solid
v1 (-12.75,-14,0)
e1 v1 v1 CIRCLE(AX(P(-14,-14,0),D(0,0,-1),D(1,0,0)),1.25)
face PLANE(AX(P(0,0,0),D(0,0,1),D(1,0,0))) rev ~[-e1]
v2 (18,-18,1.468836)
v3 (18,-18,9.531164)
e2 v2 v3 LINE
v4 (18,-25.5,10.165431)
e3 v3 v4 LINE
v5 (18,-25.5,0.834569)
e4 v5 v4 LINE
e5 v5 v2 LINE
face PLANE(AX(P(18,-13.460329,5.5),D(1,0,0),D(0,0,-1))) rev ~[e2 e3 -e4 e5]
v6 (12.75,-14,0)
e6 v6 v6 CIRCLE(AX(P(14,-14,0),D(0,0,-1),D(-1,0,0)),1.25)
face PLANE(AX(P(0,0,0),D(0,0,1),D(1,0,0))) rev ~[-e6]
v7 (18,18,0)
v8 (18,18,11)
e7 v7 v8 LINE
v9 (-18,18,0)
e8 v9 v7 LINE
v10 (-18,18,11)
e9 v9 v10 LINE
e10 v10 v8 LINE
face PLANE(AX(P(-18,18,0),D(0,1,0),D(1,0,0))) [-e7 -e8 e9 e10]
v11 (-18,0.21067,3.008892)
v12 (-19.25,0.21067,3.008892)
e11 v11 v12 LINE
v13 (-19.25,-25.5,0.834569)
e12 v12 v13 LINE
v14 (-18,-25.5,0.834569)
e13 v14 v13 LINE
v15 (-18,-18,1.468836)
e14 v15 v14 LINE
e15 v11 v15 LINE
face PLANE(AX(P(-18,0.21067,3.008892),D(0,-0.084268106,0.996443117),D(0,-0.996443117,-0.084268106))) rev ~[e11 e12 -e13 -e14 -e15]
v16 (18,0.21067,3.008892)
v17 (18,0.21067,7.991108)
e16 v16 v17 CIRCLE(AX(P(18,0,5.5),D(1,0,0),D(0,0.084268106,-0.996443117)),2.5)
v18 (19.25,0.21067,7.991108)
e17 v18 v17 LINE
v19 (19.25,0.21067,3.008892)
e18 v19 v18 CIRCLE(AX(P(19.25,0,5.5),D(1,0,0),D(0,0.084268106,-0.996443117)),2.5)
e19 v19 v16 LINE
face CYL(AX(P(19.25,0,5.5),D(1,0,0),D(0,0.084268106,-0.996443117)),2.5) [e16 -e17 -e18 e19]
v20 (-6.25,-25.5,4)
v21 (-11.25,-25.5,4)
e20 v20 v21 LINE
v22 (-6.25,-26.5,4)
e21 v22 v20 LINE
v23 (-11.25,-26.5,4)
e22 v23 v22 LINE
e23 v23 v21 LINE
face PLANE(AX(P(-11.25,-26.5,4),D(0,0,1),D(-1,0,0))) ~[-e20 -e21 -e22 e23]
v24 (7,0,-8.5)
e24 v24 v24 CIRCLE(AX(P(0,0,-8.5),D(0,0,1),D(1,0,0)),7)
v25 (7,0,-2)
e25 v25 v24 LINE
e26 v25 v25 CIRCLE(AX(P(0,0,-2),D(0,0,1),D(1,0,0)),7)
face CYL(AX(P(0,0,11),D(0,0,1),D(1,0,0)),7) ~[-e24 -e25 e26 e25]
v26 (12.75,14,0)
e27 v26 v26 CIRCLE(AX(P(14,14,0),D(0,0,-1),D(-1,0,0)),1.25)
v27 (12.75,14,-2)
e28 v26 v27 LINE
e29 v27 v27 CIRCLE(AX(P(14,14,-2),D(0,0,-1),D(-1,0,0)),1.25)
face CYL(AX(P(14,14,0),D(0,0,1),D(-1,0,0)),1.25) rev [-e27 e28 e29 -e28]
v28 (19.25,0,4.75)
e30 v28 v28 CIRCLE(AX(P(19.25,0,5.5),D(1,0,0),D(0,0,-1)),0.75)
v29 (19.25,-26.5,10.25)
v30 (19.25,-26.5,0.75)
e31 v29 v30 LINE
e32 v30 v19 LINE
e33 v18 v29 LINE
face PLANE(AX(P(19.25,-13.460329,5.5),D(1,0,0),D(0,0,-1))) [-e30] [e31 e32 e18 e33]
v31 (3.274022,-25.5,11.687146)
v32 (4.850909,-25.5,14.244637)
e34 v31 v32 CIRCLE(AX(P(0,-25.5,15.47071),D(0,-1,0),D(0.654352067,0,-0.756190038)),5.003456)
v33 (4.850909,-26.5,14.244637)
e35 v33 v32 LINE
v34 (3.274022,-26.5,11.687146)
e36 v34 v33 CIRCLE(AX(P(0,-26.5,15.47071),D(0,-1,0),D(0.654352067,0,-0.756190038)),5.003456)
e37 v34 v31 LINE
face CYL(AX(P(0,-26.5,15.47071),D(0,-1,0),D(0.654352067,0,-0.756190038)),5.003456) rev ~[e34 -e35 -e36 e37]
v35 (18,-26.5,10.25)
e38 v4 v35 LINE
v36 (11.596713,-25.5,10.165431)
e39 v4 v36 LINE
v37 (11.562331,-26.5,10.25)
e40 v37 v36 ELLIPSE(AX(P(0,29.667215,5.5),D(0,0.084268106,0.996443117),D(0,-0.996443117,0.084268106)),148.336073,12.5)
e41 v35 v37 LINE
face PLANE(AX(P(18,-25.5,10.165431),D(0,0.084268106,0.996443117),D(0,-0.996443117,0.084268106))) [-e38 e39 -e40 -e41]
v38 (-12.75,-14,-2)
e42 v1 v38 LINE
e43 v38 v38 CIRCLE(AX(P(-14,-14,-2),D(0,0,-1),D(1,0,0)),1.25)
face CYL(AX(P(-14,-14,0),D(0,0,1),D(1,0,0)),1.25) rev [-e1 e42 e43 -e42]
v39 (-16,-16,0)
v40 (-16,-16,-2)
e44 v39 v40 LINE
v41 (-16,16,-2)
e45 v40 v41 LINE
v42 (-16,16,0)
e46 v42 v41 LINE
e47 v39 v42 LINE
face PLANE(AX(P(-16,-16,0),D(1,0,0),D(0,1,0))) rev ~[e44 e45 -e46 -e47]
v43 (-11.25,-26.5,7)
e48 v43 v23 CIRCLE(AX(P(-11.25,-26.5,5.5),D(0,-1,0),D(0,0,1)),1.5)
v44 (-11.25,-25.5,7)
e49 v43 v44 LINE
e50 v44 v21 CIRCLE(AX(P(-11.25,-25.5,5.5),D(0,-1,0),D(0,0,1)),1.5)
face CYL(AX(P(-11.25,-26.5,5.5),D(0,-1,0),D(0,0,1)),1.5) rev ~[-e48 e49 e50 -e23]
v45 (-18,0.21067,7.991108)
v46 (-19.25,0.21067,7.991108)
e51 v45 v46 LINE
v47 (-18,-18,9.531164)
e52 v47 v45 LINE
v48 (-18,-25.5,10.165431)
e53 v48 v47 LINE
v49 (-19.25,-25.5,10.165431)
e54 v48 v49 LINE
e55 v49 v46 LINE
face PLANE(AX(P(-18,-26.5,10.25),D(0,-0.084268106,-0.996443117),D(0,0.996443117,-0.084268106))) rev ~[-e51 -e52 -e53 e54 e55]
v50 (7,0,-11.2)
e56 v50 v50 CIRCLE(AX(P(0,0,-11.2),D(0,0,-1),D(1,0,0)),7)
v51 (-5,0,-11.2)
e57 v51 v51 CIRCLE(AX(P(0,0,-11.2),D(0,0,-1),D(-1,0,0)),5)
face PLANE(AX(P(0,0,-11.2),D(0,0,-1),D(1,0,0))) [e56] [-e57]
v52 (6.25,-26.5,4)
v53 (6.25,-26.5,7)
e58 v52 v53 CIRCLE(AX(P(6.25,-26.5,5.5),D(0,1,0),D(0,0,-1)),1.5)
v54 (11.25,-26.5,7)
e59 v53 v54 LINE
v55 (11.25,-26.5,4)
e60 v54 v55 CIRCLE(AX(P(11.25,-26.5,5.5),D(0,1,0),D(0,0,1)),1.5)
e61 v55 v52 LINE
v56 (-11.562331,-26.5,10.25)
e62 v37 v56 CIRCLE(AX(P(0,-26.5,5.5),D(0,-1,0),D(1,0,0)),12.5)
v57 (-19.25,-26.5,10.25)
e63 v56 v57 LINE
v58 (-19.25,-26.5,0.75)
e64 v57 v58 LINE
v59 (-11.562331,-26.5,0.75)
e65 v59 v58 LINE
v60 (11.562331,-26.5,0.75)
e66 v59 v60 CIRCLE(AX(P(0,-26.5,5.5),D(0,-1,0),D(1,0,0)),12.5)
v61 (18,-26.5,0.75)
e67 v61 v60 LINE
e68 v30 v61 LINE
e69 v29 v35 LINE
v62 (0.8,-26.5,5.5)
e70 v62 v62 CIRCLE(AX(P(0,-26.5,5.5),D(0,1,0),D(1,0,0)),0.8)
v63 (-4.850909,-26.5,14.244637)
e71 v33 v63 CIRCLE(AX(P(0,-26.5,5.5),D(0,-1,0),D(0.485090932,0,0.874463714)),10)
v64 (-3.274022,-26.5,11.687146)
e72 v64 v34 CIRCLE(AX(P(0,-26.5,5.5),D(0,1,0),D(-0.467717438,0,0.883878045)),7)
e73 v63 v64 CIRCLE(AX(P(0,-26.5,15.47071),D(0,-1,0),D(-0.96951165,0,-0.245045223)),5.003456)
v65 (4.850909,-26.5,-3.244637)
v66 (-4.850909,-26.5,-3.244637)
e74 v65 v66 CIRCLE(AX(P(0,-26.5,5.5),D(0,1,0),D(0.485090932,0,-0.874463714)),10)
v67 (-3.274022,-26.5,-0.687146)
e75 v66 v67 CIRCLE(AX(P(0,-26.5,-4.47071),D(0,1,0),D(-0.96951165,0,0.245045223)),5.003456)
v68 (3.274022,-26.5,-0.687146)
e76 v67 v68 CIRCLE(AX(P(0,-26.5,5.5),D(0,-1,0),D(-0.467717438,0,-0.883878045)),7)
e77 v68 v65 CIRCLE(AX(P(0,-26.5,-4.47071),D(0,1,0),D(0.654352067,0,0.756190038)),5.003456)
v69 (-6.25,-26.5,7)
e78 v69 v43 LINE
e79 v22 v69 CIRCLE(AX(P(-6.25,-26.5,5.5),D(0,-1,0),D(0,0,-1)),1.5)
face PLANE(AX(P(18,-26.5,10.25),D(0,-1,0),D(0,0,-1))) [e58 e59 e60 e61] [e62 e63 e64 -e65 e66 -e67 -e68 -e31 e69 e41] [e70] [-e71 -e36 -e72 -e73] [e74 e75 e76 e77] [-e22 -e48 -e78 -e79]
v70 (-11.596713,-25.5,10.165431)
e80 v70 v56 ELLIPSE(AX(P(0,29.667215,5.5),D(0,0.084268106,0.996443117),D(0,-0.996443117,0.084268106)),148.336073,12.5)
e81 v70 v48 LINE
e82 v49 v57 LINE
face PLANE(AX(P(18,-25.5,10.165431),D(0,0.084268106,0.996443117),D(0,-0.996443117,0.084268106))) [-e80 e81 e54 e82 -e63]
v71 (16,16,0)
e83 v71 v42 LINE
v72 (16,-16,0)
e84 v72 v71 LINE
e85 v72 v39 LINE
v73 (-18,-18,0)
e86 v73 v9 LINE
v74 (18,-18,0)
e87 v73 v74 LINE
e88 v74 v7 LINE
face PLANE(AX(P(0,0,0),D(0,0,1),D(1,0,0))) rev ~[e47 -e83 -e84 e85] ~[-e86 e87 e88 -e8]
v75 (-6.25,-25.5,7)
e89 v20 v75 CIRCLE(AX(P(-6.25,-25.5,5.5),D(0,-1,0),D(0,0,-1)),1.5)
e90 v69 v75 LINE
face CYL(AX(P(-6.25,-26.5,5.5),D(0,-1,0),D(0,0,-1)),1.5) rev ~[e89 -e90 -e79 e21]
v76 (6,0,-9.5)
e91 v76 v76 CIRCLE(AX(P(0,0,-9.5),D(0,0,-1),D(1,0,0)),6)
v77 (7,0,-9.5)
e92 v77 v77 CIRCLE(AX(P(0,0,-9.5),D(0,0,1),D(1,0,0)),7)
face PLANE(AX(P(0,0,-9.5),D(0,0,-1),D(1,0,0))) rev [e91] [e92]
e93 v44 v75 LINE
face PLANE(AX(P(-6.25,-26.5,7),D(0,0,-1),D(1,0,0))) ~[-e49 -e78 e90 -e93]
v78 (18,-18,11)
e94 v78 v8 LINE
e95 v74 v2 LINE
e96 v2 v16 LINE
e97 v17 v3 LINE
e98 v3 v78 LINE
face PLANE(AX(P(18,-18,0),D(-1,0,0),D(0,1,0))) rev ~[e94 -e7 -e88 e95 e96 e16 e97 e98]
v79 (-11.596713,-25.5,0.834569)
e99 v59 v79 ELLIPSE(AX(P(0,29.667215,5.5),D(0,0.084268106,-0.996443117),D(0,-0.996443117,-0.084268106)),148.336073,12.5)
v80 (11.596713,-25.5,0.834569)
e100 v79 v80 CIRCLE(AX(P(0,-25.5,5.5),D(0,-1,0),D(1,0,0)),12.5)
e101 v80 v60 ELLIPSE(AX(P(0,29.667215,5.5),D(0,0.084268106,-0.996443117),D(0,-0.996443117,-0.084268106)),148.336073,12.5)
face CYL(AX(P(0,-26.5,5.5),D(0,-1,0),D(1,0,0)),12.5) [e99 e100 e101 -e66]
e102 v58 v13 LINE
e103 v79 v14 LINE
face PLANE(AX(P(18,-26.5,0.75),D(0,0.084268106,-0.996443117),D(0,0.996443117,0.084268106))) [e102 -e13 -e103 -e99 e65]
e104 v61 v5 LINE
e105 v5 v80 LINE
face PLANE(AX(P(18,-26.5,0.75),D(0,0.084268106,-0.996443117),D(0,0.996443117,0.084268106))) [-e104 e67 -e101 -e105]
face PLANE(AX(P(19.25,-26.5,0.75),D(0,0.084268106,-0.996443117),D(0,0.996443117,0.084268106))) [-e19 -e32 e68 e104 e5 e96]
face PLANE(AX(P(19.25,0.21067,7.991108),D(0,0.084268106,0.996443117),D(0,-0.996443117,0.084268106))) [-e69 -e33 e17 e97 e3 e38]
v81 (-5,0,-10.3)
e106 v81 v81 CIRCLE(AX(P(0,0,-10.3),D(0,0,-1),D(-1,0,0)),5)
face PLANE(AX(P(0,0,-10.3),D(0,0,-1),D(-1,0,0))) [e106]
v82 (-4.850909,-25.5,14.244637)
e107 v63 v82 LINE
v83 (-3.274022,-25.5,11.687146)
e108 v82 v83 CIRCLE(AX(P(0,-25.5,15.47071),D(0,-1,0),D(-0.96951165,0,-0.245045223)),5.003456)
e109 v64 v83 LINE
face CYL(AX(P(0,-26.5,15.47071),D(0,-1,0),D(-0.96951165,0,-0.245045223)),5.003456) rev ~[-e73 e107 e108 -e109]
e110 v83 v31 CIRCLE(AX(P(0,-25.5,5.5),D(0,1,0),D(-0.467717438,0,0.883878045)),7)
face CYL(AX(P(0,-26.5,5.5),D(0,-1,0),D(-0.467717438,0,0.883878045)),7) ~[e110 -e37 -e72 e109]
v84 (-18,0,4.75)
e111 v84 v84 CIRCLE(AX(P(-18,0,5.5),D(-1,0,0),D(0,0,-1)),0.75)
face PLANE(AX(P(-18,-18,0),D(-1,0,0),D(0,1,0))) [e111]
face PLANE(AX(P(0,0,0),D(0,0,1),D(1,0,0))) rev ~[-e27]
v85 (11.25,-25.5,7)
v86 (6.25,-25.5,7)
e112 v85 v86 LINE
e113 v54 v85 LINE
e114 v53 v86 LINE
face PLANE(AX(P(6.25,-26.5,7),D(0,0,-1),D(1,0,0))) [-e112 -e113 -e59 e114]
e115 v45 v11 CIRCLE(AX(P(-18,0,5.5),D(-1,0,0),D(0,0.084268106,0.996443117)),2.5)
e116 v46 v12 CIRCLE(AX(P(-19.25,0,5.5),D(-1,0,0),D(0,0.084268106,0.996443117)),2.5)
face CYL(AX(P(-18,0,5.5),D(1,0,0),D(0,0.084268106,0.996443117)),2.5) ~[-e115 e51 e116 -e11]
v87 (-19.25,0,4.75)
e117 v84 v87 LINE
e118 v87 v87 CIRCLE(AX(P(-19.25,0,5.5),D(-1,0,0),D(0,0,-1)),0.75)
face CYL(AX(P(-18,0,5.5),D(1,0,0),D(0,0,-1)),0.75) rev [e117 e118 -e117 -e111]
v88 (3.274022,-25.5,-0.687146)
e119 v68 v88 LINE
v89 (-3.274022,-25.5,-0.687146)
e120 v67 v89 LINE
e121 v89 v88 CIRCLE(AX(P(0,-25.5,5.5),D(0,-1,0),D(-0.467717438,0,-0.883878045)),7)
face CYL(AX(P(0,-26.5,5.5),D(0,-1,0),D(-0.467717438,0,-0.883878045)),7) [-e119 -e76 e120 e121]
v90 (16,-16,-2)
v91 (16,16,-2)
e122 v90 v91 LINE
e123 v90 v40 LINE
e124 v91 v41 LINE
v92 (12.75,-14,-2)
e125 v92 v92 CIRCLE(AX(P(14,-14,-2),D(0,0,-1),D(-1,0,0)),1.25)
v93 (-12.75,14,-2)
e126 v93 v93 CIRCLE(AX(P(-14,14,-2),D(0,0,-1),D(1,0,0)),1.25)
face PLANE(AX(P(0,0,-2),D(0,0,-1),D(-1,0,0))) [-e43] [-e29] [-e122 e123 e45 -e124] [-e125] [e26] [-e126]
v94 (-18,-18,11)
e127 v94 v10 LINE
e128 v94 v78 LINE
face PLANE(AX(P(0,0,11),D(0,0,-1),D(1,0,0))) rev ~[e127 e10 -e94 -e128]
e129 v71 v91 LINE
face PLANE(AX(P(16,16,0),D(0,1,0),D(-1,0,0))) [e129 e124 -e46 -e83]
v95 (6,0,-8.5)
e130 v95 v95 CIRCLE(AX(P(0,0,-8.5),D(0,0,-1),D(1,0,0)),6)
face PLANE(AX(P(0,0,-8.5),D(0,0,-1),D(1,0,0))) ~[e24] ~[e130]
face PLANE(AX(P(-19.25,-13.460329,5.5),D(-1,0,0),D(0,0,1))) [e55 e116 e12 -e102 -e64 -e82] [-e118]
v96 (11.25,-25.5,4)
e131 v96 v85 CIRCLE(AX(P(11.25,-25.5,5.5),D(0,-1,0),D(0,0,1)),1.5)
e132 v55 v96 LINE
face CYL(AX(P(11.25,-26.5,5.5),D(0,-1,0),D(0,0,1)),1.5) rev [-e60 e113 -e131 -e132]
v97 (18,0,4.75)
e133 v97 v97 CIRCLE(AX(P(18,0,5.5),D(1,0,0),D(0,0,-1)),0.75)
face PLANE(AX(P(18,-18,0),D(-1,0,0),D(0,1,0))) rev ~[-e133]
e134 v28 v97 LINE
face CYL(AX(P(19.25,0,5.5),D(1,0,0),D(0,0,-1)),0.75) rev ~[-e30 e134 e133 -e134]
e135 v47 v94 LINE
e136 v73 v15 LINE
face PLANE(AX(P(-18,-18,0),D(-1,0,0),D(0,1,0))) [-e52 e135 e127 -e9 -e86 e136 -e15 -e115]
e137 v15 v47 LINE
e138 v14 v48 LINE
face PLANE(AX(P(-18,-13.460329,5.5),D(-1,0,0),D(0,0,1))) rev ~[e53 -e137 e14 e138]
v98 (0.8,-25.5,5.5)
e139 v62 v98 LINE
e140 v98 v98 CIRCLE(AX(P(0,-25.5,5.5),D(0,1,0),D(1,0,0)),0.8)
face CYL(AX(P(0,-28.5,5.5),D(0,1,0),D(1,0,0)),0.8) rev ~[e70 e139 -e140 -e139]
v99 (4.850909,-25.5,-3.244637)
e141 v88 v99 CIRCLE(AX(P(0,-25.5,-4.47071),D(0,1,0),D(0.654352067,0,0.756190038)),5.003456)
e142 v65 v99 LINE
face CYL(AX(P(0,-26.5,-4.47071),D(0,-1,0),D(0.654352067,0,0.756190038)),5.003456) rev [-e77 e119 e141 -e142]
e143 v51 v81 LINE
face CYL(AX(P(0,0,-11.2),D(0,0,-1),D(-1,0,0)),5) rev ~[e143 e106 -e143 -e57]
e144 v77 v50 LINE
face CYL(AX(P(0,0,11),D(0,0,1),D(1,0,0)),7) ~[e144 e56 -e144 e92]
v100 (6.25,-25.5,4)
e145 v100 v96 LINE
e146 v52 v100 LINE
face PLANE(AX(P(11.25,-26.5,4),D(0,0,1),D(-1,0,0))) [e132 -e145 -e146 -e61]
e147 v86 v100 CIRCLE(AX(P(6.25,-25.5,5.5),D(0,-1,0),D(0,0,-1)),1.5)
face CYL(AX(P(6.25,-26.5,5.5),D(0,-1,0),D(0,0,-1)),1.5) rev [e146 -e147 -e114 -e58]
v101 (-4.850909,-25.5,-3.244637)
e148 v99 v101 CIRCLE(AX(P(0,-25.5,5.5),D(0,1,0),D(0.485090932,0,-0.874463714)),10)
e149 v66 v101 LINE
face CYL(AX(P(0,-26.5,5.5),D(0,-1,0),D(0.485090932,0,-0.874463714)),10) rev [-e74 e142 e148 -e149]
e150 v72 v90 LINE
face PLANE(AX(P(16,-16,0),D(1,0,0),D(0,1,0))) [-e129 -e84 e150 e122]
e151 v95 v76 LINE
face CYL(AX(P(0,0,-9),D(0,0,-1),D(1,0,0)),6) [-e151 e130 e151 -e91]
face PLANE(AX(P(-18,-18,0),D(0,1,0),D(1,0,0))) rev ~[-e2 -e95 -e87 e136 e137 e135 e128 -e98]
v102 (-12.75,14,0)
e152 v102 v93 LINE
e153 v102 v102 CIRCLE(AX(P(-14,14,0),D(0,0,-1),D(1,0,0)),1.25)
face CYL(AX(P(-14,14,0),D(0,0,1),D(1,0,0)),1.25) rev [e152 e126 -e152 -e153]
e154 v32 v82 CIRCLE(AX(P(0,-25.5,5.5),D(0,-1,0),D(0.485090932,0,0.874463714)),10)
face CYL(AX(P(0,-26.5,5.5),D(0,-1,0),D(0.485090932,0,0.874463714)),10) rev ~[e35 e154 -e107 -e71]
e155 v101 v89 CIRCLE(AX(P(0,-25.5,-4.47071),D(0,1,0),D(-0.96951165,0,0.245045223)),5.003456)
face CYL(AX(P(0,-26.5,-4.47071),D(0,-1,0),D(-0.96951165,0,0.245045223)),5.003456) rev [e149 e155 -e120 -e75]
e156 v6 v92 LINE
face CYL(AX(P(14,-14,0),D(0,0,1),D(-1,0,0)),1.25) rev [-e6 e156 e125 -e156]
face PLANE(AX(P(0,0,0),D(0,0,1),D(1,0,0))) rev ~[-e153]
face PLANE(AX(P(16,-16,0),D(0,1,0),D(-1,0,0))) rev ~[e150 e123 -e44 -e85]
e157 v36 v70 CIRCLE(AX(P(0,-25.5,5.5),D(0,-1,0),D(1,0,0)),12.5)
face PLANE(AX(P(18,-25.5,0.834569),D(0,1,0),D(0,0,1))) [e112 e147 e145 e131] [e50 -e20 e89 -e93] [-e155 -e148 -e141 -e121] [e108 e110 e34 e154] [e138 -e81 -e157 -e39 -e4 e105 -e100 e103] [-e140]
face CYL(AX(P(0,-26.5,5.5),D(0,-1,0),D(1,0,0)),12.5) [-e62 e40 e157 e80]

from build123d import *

# Parameters (mm, degrees)
SKETCH_1_W             = 36
SKETCH_1_H             = 36
EXTRUDE_1_DEPTH        = 11
SKETCH_2_W             = 32
SKETCH_2_H             = 32
SKETCH_2_R             = 1.25
EXTRUDE_2_DEPTH        = 2
EXTRUDE_START          = -11
SKETCH_3_R             = 7
EXTRUDE_3_DEPTH        = 22.2
SKETCH_4_W             = 1
SKETCH_4_H             = 2
SKETCH_5_R             = 5
CUT_EXTRUDE_1_DEPTH    = 0.9
EXTRUDE_START_2        = 19.25
SKETCH_6_R             = 0.75
EXTRUDE_4_DEPTH        = 1.25
EXTRUDE_5_DEPTH        = 37.25
SKETCH_9_R             = 12.5
SKETCH_9_R_2           = 1
EXTRUDE_6_DEPTH        = 1
CUT_EXTRUDE_2_DEPTH    = 2
SKETCH_10_R            = 0.75
EXTRUDE_7_DEPTH        = 1.25
HOLE_WIZARD_M2_1_D     = 1.6
HOLE_WIZARD_M2_1_DEPTH = 2
HOLE_WIZARD_M2_1_TIP   = 0.480688495


with BuildPart() as part:
    # 草图1 → 凸台-拉伸1 (new body)
    with BuildSketch(Plane.XY):
        Rectangle(SKETCH_1_W, SKETCH_1_H)
    extrude(amount=EXTRUDE_1_DEPTH)

    # 草图2 → 凸台-拉伸2 (add)
    with BuildSketch(Plane(origin=(0, 0, 0), x_dir=(-1, 0, 0), z_dir=(0, 0, -1))):
        Rectangle(SKETCH_2_W, SKETCH_2_H)
        with Locations((-14, 14)):
            Circle(SKETCH_2_R, mode=Mode.SUBTRACT)
        with Locations(Location((14, -14, 0), (0, 0, 180))):
            Circle(SKETCH_2_R, mode=Mode.SUBTRACT)
        with Locations(Location((14, 14, 0), (0, 0, 180))):
            Circle(SKETCH_2_R, mode=Mode.SUBTRACT)
        with Locations((-14, -14)):
            Circle(SKETCH_2_R, mode=Mode.SUBTRACT)
    extrude(amount=EXTRUDE_2_DEPTH)

    # 草图3 → 凸台-拉伸3 (add)
    with BuildSketch(Plane(origin=(0, 0, 0), x_dir=(-1, 0, 0), z_dir=(0, 0, -1)).offset(EXTRUDE_START)):
        with Locations(Location((0, 0, 0), (0, 0, 180))):
            Circle(SKETCH_3_R)
    extrude(amount=EXTRUDE_3_DEPTH)

    # 草图4 → 切除-旋转1 (revolve, cut)
    with BuildSketch(Plane(origin=(0, 0, 0), x_dir=(0, 0, -1), z_dir=(1, 0, 0)), mode=Mode.PRIVATE) as cut_revolve_1_sk:
        with Locations((9, 7)):
            Rectangle(SKETCH_4_W, SKETCH_4_H)
    revolve(cut_revolve_1_sk.sketch.rotate(Axis((0, 0, 0), (0, 0, -1)), 90), axis=Axis((0, 0, 0), (0, 0, -1)), mode=Mode.SUBTRACT)

    # 草图5 → 切除-拉伸1 (cut)
    with BuildSketch(Plane(origin=(0, 0, -11.2), x_dir=(-1, 0, 0), z_dir=(0, 0, -1))):
        Circle(SKETCH_5_R)
    extrude(amount=-CUT_EXTRUDE_1_DEPTH, mode=Mode.SUBTRACT)

    # 草图6 → 凸台-拉伸4 (add)
    with BuildSketch(Plane(origin=(0, 0, 0), x_dir=(0, 0, -1), z_dir=(1, 0, 0)).offset(EXTRUDE_START_2)):
        with BuildLine():
            Line((-0.75, -26.5), (-3.008892206, 0.210670265))
            ThreePointArc((-3.008892206, 0.210670265), (-5.5, 2.5), (-7.991107794, 0.210670265))
            Line((-7.991107794, 0.210670265), (-10.25, -26.5))
            Line((-10.25, -26.5), (-0.75, -26.5))
        make_face()
        with Locations((-5.5, 0)):
            Circle(SKETCH_6_R, mode=Mode.SUBTRACT)
    extrude(amount=-EXTRUDE_4_DEPTH)

    # 草图7 → 凸台-拉伸5 (add)
    with BuildSketch(Plane.ZY.offset(-18)):
        Polygon((0.834568908, -25.5), (10.165431092, -25.5), (10.25, -26.5), (0.75, -26.5), align=None)
    extrude(amount=EXTRUDE_5_DEPTH)

    # 草图9 → 凸台-拉伸6 (add)
    with BuildSketch(Plane.XZ.offset(26.5)):
        with Locations((0, 5.5)):
            Circle(SKETCH_9_R)
        with Locations((0, 5.5)):
            Circle(SKETCH_9_R_2, mode=Mode.SUBTRACT)
        with BuildLine():
            ThreePointArc((4.850909325, 14.244637141), (0, 15.5), (-4.850909325, 14.244637141))
            ThreePointArc((-4.850909325, 14.244637141), (-4.258969051, 12.844732491), (-3.274022071, 11.687146312))
            ThreePointArc((-3.274022071, 11.687146312), (0, 12.5), (3.274022071, 11.687146312))
            ThreePointArc((3.274022071, 11.687146312), (4.258969051, 12.844732491), (4.850909325, 14.244637141))
        make_face(mode=Mode.SUBTRACT)
        with BuildLine():
            ThreePointArc((-4.850909325, -3.244637141), (-4.258969051, -1.844732491), (-3.274022071, -0.687146312))
            ThreePointArc((-3.274022071, -0.687146312), (0, -1.5), (3.274022071, -0.687146312))
            ThreePointArc((3.274022071, -0.687146312), (4.258969051, -1.844732491), (4.850909325, -3.244637141))
            ThreePointArc((4.850909325, -3.244637141), (0, -4.5), (-4.850909325, -3.244637141))
        make_face(mode=Mode.SUBTRACT)
    extrude(amount=-EXTRUDE_6_DEPTH)

    # 草图8 → 切除-拉伸2 (cut)
    with BuildSketch(Plane.XZ.offset(26.5)):
        with BuildLine():
            Line((6.25, 7), (11.25, 7))
            ThreePointArc((11.25, 7), (12.75, 5.5), (11.25, 4))
            Line((11.25, 4), (6.25, 4))
            ThreePointArc((6.25, 4), (4.75, 5.5), (6.25, 7))
        make_face()
    cut_extrude_2 = extrude(amount=-CUT_EXTRUDE_2_DEPTH, mode=Mode.SUBTRACT)

    # 草图10 → 凸台-拉伸7 (add)
    with BuildSketch(Plane.ZY.offset(18)):
        with BuildLine():
            Line((3.008892206, 0.210670265), (0.75, -26.5))
            Line((0.75, -26.5), (10.25, -26.5))
            Line((10.25, -26.5), (7.991107794, 0.210670265))
            ThreePointArc((7.991107794, 0.210670265), (5.5, 2.5), (3.008892206, 0.210670265))
        make_face()
        with Locations(Location((5.5, 0, 0), (0, 0, 180))):
            Circle(SKETCH_10_R, mode=Mode.SUBTRACT)
    extrude(amount=EXTRUDE_7_DEPTH)

    # 镜向3: 切除-拉伸2 across plane
    add(cut_extrude_2.mirror(Plane(origin=(0, 0, 0), x_dir=(0, 0, 1), z_dir=(1, 0, 0))), mode=Mode.SUBTRACT)

    # M2 螺纹孔的螺纹孔钻头1
    with Locations(Plane(origin=(0, -26.5, 0), x_dir=(-1, 0, 0), z_dir=(0, -1, 0))):
        with Locations((0, -5.5)):
            Hole(HOLE_WIZARD_M2_1_D / 2, depth=HOLE_WIZARD_M2_1_DEPTH)
            with Locations((0, 0, -(HOLE_WIZARD_M2_1_DEPTH + HOLE_WIZARD_M2_1_TIP / 2))):  # 118° drill point
                Cone(0, HOLE_WIZARD_M2_1_D / 2, HOLE_WIZARD_M2_1_TIP, mode=Mode.SUBTRACT)


solid = part.part
